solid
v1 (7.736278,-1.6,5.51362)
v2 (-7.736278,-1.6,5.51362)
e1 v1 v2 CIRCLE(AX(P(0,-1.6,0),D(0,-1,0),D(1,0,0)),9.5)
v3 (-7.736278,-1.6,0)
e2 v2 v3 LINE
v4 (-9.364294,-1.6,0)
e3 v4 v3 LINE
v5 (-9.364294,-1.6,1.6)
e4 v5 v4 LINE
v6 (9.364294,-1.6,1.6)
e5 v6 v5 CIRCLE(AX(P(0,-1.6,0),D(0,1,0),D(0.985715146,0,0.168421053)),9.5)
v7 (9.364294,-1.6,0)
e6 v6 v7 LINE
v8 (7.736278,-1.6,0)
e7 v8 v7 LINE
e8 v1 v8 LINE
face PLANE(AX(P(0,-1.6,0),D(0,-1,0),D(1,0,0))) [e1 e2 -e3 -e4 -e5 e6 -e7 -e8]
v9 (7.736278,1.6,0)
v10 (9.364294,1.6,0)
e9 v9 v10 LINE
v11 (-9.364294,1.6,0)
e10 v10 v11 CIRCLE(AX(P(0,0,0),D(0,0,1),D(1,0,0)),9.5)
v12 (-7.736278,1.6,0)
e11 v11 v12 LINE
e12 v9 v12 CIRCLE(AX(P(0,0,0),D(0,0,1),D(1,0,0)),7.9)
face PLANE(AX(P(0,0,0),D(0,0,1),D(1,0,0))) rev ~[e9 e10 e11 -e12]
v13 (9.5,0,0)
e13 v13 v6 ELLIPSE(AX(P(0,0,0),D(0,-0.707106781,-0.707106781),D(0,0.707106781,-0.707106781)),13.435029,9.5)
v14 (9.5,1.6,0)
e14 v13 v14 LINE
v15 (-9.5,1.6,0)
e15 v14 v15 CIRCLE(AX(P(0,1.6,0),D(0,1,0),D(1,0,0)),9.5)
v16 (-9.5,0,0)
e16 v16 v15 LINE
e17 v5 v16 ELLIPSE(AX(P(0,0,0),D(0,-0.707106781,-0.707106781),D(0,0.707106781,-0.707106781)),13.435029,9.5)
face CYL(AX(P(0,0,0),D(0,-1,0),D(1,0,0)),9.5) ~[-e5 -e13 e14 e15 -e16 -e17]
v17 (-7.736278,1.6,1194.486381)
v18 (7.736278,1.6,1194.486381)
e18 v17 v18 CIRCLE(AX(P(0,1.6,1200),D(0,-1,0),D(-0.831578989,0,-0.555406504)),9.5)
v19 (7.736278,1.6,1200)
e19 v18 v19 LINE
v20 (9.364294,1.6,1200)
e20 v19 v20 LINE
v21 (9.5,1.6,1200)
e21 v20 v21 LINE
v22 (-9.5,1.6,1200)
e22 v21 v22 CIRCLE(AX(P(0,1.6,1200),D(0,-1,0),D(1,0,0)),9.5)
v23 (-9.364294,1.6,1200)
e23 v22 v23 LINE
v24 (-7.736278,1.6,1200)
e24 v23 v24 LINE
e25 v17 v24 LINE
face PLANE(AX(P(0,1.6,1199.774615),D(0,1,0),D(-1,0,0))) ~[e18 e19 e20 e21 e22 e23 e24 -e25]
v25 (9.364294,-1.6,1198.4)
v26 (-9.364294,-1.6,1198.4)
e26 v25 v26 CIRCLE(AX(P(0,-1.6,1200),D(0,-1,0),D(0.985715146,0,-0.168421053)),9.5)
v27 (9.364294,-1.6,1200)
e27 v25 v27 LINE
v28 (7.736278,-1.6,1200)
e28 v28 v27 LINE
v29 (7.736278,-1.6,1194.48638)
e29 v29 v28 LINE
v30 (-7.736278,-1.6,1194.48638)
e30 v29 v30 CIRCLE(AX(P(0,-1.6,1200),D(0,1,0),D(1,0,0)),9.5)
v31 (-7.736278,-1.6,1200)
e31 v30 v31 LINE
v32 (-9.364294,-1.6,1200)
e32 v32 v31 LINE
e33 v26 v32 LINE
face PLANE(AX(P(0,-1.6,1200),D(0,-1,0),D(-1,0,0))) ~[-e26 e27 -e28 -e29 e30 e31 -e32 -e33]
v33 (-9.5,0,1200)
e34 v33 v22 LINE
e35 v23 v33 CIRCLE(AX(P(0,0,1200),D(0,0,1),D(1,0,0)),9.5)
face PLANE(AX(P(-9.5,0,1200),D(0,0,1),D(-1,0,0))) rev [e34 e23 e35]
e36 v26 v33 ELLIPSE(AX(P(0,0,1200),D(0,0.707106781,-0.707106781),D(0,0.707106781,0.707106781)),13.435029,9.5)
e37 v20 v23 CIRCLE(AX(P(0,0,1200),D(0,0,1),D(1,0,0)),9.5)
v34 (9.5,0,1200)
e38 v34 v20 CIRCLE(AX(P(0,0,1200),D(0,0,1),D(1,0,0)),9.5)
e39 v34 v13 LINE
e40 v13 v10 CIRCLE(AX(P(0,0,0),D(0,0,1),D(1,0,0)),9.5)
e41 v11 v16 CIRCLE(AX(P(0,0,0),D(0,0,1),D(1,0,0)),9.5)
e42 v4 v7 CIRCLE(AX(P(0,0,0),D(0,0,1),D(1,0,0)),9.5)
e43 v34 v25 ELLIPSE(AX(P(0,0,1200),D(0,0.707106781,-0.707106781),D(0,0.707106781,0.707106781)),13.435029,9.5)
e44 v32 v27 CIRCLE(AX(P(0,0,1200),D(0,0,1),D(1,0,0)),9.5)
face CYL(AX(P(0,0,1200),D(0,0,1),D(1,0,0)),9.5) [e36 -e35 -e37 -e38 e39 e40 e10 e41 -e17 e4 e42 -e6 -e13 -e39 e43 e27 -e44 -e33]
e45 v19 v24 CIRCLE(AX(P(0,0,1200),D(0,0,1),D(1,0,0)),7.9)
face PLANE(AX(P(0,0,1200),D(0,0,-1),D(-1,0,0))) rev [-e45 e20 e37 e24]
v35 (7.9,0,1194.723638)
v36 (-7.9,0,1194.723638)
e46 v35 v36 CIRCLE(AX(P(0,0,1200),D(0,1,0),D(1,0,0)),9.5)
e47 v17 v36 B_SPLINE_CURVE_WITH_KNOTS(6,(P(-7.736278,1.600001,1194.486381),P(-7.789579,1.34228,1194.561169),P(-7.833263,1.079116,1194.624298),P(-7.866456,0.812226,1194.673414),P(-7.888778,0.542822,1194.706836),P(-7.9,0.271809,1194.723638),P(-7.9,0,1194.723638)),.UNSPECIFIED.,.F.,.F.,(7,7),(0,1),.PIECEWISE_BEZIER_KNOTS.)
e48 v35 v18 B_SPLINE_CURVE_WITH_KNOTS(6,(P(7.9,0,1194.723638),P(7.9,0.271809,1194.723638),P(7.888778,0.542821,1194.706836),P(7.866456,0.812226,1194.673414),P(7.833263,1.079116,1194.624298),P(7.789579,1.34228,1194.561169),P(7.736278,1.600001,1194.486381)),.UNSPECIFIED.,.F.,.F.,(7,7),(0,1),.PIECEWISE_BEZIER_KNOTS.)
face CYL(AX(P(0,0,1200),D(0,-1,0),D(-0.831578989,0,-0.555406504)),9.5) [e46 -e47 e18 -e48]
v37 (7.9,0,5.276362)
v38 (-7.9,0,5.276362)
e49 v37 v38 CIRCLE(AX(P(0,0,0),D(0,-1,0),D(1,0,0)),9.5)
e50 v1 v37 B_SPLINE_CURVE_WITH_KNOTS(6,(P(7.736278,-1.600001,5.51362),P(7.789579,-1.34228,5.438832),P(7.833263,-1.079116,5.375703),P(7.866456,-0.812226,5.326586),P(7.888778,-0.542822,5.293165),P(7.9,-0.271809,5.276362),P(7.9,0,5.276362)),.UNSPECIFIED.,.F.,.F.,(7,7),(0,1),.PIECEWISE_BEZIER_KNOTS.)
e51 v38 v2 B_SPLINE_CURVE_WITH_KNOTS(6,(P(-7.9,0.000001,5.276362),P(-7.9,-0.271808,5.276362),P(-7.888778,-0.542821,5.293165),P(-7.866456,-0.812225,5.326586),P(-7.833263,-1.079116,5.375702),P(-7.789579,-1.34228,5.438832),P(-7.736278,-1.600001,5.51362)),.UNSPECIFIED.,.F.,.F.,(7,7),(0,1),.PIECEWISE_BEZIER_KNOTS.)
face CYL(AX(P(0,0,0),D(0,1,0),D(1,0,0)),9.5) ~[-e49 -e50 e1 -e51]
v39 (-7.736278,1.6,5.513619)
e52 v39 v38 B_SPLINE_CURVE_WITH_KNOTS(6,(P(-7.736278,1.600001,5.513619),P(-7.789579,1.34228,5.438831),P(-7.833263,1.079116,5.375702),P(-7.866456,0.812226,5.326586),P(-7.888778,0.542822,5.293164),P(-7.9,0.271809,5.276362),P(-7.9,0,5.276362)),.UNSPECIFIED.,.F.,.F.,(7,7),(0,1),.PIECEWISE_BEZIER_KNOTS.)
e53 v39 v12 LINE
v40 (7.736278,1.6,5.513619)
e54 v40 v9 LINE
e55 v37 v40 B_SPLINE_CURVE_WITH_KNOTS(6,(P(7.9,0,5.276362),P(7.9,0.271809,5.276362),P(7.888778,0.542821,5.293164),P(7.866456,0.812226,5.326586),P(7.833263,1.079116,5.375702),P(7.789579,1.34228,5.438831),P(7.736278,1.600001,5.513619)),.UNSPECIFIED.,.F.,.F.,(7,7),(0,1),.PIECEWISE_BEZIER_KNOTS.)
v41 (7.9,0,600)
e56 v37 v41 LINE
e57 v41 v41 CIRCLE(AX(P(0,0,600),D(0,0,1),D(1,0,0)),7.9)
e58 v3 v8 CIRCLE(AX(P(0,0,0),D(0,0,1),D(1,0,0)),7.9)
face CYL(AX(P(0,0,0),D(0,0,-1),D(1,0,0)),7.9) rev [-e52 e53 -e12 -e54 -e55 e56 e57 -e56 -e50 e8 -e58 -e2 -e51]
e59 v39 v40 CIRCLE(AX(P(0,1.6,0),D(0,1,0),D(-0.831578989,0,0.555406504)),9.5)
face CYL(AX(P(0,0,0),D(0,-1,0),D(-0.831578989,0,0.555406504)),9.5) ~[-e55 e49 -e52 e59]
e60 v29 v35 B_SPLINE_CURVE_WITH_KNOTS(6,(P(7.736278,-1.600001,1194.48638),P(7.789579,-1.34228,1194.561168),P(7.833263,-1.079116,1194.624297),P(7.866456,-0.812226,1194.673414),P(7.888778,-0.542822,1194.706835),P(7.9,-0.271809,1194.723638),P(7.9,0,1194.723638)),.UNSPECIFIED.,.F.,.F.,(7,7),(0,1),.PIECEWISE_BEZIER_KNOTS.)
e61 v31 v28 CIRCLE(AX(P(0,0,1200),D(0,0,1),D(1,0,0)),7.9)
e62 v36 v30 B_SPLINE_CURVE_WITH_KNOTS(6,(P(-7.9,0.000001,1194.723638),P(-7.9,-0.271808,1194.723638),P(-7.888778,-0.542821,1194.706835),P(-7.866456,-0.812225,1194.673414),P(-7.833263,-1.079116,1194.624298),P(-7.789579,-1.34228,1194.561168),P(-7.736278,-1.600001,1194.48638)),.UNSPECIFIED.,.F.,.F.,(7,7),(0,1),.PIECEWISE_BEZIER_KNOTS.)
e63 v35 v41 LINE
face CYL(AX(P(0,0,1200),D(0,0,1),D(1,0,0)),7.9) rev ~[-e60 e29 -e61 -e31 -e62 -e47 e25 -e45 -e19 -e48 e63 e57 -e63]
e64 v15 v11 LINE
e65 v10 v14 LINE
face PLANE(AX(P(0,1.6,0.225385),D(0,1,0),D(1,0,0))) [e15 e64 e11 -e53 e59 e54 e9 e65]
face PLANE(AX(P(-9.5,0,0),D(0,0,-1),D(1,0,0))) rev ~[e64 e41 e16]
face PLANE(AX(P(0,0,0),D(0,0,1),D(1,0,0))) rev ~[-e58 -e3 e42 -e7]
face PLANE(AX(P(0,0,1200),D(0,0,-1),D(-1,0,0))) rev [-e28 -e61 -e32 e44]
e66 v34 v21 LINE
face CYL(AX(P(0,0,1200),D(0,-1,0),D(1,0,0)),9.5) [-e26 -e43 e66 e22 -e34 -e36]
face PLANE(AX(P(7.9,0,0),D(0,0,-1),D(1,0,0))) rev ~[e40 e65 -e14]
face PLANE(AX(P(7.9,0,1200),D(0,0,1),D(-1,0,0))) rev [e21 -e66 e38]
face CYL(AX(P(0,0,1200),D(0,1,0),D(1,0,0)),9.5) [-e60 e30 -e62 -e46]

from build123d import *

# Parameters (mm, degrees)
F0_R     = 9.5
F0_R_2   = 7.9
F1_DEPTH = 600
F2_R     = 9.5
F3_DEPTH = 1.6
F4_DEPTH = 1.6


with BuildPart() as f1:
    # F0 (on Top) → F1 (new body)
    with BuildSketch(Plane.XY):
        Circle(F0_R)
        Circle(F0_R_2, mode=Mode.SUBTRACT)
    extrude(amount=F1_DEPTH)

    # F2 (on Front) → F3 (join)
    with BuildSketch(Plane.XZ):
        Circle(F2_R)
    extrude(amount=F3_DEPTH)

    # F3_face (on face) → F4 (join)
    with BuildSketch(Plane(origin=(0, 0, -0.084371), x_dir=(1, 0, 0), z_dir=(0, 1, 0))):
        with BuildLine():
            ThreePointArc((9.5, -0.084371), (0, 9.415629), (-9.5, -0.084371))
            Line((-9.5, -0.084371), (-7.9, -0.084371))
            Line((-7.9, -0.084371), (-7.9, -5.360733))
            ThreePointArc((-7.9, -5.360733), (0, -9.584371), (7.9, -5.360733))
            Line((7.9, -5.360733), (7.9, -0.084371))
            Line((7.9, -0.084371), (9.5, -0.084371))
        make_face()
    extrude(amount=F4_DEPTH)

    # F5: F1 across face


with BuildPart() as f1_1:
    add(f1.part)
    add(f1.part.mirror(Plane.XY.offset(600)))


solid = f1_1.part
